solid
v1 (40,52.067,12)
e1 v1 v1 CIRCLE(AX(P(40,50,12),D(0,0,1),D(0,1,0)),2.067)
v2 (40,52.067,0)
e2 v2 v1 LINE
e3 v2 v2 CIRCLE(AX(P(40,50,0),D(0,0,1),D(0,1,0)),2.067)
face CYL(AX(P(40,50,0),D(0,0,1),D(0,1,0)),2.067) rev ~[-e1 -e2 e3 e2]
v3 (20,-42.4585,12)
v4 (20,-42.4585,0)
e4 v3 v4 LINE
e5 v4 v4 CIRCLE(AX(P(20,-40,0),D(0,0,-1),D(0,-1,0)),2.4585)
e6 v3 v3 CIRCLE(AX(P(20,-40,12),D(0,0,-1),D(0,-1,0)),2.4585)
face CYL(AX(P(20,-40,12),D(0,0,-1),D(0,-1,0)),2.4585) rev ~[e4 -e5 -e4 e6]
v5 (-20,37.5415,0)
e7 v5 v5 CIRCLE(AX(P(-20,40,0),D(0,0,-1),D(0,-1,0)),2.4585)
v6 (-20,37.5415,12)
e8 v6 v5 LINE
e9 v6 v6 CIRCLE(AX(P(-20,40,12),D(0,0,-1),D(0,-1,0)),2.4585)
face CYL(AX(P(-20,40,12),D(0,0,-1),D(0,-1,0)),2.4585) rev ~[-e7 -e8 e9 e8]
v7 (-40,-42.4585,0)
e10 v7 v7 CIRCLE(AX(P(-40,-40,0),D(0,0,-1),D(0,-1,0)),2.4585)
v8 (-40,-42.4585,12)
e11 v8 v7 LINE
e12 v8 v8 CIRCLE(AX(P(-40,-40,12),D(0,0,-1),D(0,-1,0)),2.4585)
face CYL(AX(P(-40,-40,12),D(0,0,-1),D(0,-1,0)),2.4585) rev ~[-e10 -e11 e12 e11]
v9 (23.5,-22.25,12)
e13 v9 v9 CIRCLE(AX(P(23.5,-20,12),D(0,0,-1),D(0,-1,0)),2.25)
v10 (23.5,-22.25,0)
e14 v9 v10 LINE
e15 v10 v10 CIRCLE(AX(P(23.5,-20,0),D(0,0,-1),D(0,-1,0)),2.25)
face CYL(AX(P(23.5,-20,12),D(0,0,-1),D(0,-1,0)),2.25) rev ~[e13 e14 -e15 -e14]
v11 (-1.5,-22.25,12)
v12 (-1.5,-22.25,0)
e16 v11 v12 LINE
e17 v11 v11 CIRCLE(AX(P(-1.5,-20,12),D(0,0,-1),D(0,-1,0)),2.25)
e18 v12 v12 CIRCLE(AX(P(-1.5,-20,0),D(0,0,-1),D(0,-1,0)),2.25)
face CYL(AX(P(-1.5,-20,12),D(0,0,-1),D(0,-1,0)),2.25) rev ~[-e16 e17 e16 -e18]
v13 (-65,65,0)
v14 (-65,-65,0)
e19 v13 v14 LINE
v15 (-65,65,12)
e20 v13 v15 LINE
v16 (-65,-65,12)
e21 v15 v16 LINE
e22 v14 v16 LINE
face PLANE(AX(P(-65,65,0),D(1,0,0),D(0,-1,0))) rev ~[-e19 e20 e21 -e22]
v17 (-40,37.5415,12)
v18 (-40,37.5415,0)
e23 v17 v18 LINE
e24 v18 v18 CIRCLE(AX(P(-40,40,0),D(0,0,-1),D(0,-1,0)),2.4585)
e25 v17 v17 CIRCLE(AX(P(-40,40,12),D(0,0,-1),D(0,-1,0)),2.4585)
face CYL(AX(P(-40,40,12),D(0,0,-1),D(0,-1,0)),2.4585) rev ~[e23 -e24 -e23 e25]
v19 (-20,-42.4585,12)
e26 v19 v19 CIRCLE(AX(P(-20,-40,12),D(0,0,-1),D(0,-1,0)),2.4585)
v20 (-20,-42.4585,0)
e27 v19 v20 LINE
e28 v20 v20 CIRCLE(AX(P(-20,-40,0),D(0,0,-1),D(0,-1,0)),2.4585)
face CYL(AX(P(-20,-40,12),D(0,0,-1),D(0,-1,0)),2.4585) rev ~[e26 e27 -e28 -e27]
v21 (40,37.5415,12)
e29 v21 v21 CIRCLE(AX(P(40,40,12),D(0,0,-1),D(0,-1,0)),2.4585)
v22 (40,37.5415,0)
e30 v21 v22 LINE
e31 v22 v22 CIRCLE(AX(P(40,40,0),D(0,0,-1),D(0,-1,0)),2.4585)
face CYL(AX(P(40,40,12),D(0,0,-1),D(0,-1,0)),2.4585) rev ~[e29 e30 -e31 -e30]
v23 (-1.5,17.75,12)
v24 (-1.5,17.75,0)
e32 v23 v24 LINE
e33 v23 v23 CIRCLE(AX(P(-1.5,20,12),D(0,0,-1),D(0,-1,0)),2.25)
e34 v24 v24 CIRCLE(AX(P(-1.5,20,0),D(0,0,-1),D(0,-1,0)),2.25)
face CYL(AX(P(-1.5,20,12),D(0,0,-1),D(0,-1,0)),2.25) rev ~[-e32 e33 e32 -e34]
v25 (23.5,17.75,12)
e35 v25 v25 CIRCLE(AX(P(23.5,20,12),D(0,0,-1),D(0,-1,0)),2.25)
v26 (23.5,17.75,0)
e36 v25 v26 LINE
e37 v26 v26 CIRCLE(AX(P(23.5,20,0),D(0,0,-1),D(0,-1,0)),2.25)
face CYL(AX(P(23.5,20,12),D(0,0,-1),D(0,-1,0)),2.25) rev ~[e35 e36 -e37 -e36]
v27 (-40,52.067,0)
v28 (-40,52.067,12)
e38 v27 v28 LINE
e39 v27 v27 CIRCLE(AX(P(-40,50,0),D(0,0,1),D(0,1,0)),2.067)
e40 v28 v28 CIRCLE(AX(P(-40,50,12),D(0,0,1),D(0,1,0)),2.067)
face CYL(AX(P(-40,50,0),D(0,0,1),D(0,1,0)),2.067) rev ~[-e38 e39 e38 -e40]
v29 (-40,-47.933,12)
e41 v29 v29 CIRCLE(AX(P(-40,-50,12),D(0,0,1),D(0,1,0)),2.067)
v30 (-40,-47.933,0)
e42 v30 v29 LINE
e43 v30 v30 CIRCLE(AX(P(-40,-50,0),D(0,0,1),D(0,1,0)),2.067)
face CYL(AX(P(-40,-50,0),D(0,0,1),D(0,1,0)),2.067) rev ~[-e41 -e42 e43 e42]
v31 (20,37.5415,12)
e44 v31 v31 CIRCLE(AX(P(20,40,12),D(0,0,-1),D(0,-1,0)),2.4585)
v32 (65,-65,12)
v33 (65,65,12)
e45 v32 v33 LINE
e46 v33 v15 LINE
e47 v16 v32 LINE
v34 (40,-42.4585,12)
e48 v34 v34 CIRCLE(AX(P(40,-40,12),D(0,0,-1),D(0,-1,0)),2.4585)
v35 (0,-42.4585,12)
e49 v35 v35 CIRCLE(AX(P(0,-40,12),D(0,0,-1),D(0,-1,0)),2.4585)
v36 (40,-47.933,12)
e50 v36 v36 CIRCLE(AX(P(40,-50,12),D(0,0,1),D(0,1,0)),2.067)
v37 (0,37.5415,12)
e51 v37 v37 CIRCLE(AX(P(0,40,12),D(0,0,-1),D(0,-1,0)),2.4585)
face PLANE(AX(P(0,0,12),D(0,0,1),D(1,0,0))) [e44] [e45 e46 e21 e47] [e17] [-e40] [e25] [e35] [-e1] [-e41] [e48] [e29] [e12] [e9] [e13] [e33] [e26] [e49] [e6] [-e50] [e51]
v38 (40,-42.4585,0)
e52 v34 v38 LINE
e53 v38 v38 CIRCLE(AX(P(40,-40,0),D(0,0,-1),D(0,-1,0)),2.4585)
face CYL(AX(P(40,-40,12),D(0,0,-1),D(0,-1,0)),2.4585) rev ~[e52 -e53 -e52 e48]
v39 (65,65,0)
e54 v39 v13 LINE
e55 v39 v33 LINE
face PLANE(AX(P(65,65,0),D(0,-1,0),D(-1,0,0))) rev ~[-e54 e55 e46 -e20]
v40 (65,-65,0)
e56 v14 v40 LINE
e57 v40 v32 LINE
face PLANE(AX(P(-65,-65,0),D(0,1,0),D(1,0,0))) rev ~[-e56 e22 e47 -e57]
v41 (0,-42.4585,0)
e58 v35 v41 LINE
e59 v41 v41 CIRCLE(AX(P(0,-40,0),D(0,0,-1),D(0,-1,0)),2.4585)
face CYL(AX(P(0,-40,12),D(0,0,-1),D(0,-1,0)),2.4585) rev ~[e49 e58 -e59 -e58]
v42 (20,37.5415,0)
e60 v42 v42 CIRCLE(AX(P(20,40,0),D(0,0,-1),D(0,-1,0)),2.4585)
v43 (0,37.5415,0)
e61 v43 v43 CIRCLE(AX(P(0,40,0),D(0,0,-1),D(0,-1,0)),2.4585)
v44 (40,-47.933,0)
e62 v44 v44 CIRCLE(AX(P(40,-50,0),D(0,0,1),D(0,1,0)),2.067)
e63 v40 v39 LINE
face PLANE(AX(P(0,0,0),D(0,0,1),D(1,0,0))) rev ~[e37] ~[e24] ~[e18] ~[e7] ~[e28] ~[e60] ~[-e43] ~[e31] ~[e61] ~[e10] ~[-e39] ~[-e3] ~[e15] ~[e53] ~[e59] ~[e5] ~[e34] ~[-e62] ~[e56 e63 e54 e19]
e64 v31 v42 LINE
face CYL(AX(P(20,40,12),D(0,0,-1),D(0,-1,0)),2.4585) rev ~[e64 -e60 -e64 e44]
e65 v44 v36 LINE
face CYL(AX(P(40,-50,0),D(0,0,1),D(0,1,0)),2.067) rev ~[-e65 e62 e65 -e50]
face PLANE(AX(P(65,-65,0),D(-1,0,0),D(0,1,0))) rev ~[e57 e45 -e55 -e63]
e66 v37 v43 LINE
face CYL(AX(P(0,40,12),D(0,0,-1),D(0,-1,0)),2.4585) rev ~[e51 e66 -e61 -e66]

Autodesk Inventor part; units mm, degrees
ref_plane "YZ Plane" through (0, 0, 0) normal (1, 0, 0) x (0, 1, 0)
ref_plane "XZ Plane" through (0, 0, 0) normal (0, 1, 0) x (-1, 0, 0)
ref_plane "XY Plane" through (0, 0, 0) normal (0, 0, 1) x (1, 0, 0)
sketch "Sketch1" plane through (0, 0, 0) normal (0, 0, 1) x (1, 0, 0)
  line L0 (-65, -65) -> (65, -65)
  line L1 (65, -65) -> (65, 65)
  line L2 (65, 65) -> (-65, 65)
  line L3 (-65, 65) -> (-65, -65)
  line L4 (-65, -65) -> (65, 65) construction
  line L5 (65, -65) -> (-65, 65) construction
  point P0 (0, 0)
  dimension "d0" = 130
  dimension "d1" = 130
extrude "Extrusion1" add sketch "Sketch1" along normal blind 12
sketch "Sketch2" plane through (0, 0, 12) normal (0, 0, 1) x (1, 0, 0)
  line L0 (-65, -65) -> (65, -65) projected
  line L1 (65, -65) -> (65, 65) projected
  line L2 (65, 65) -> (-65, 65) projected
  point P0 (0, 0)
  point P1 (40, -40)
  point P2 (40, 40)
  point P3 (0, 40)
  point P4 (-40, 40)
  point P5 (-40, -40)
  point P6 (0, -40)
  dimension "d4" = 40
  dimension "d5" = 40
  dimension "d7" = 25
  dimension "d8" = 25
  dimension "d9" = 25
hole "Hole1" at (40, -40, 12) at (40, 40, 12) at (0, 40, 12) at (-40, 40, 12) at (-40, -40, 12) at (0, -40, 12) direction (0, 0, -1) diameter 4.917 end through all thread size "M6x1" designation "M6" class "6H" standard "ISO Metric profile"
sketch "Sketch3" plane through (0, 0, 12) normal (0, 0, 1) x (1, 0, 0)
  line L0 (-1.5, 20) -> (23.5, 20)
  line L1 (23.5, 20) -> (23.5, -20)
  line L2 (23.5, -20) -> (-1.5, -20)
  line L3 (-1.5, -20) -> (-1.5, 20)
  line L4 (65, -65) -> (65, 65) projected
  point P0 (0, 0)
  point P1 (-1.5, 0)
  dimension "d17" = 40
  dimension "d18" = 25
  dimension "d19" = 41.5
hole "Hole2" at (23.5, 20, 12) at (-1.5, 20, 12) at (-1.5, -20, 12) at (23.5, -20, 12) direction (0, 0, -1) diameter 4.5 end through all clearance for "Socket Head Cap Screw ISO 4762" size "M4" standard "ISO"
sketch "Sketch4" plane through (0, 0, 12) normal (0, 0, 1) x (1, 0, 0)
  line L0 (-20, 40) -> (20, 40)
  line L1 (20, 40) -> (20, -40)
  line L2 (20, -40) -> (-20, -40)
  line L3 (-20, -40) -> (-20, 40)
  circle A0 centre (40, -40) radius 2.4585 projected
  circle A1 centre (0, -40) radius 2.4585 projected
  circle A2 centre (0, 40) radius 2.4585 projected
  point P0 (0, 0)
  dimension "d27" = 40
  dimension "d28" = 20
hole "Hole3" at (20, -40, 12) at (-20, -40, 12) at (-20, 40, 12) at (20, 40, 12) direction (0, 0, -1) diameter 4.917 end through all thread size "M6x1" designation "M6" class "6H" standard "ISO Metric profile"
sketch "Sketch5" plane through (0, 0, 0) normal (0, 0, -1) x (-1, 0, 0)
  line L0 (40, -50) -> (-40, -50)
  line L1 (-40, -50) -> (-40, 50)
  line L2 (-40, 50) -> (40, 50)
  line L3 (40, 50) -> (40, -50)
  line L4 (-65, -65) -> (-65, 65) projected
  line L5 (-65, 65) -> (65, 65) projected
  line L6 (65, -65) -> (-65, -65) projected
  line L7 (65, 65) -> (65, -65) projected
  point P0 (0, 0)
  dimension "d36" = 25
  dimension "d38" = 15
  dimension "d39" = 15
  dimension "d40" = 25
hole "Hole4" at (-40, -50, 0) at (40, -50, 0) at (40, 50, 0) at (-40, 50, 0) direction (0, 0, 1) diameter 4.134 end through all thread size "M5x0.8" designation "M5" class "6H" standard "ISO Metric profile"
equation "\"d9\" = d7"
equation "\"d28\" = 0.5 * d27"
equation "\"d39\" = d38"
equation "\"d40\" = d36"
properties part number "Befestigungsplatte" material "Aluminum 6061"
